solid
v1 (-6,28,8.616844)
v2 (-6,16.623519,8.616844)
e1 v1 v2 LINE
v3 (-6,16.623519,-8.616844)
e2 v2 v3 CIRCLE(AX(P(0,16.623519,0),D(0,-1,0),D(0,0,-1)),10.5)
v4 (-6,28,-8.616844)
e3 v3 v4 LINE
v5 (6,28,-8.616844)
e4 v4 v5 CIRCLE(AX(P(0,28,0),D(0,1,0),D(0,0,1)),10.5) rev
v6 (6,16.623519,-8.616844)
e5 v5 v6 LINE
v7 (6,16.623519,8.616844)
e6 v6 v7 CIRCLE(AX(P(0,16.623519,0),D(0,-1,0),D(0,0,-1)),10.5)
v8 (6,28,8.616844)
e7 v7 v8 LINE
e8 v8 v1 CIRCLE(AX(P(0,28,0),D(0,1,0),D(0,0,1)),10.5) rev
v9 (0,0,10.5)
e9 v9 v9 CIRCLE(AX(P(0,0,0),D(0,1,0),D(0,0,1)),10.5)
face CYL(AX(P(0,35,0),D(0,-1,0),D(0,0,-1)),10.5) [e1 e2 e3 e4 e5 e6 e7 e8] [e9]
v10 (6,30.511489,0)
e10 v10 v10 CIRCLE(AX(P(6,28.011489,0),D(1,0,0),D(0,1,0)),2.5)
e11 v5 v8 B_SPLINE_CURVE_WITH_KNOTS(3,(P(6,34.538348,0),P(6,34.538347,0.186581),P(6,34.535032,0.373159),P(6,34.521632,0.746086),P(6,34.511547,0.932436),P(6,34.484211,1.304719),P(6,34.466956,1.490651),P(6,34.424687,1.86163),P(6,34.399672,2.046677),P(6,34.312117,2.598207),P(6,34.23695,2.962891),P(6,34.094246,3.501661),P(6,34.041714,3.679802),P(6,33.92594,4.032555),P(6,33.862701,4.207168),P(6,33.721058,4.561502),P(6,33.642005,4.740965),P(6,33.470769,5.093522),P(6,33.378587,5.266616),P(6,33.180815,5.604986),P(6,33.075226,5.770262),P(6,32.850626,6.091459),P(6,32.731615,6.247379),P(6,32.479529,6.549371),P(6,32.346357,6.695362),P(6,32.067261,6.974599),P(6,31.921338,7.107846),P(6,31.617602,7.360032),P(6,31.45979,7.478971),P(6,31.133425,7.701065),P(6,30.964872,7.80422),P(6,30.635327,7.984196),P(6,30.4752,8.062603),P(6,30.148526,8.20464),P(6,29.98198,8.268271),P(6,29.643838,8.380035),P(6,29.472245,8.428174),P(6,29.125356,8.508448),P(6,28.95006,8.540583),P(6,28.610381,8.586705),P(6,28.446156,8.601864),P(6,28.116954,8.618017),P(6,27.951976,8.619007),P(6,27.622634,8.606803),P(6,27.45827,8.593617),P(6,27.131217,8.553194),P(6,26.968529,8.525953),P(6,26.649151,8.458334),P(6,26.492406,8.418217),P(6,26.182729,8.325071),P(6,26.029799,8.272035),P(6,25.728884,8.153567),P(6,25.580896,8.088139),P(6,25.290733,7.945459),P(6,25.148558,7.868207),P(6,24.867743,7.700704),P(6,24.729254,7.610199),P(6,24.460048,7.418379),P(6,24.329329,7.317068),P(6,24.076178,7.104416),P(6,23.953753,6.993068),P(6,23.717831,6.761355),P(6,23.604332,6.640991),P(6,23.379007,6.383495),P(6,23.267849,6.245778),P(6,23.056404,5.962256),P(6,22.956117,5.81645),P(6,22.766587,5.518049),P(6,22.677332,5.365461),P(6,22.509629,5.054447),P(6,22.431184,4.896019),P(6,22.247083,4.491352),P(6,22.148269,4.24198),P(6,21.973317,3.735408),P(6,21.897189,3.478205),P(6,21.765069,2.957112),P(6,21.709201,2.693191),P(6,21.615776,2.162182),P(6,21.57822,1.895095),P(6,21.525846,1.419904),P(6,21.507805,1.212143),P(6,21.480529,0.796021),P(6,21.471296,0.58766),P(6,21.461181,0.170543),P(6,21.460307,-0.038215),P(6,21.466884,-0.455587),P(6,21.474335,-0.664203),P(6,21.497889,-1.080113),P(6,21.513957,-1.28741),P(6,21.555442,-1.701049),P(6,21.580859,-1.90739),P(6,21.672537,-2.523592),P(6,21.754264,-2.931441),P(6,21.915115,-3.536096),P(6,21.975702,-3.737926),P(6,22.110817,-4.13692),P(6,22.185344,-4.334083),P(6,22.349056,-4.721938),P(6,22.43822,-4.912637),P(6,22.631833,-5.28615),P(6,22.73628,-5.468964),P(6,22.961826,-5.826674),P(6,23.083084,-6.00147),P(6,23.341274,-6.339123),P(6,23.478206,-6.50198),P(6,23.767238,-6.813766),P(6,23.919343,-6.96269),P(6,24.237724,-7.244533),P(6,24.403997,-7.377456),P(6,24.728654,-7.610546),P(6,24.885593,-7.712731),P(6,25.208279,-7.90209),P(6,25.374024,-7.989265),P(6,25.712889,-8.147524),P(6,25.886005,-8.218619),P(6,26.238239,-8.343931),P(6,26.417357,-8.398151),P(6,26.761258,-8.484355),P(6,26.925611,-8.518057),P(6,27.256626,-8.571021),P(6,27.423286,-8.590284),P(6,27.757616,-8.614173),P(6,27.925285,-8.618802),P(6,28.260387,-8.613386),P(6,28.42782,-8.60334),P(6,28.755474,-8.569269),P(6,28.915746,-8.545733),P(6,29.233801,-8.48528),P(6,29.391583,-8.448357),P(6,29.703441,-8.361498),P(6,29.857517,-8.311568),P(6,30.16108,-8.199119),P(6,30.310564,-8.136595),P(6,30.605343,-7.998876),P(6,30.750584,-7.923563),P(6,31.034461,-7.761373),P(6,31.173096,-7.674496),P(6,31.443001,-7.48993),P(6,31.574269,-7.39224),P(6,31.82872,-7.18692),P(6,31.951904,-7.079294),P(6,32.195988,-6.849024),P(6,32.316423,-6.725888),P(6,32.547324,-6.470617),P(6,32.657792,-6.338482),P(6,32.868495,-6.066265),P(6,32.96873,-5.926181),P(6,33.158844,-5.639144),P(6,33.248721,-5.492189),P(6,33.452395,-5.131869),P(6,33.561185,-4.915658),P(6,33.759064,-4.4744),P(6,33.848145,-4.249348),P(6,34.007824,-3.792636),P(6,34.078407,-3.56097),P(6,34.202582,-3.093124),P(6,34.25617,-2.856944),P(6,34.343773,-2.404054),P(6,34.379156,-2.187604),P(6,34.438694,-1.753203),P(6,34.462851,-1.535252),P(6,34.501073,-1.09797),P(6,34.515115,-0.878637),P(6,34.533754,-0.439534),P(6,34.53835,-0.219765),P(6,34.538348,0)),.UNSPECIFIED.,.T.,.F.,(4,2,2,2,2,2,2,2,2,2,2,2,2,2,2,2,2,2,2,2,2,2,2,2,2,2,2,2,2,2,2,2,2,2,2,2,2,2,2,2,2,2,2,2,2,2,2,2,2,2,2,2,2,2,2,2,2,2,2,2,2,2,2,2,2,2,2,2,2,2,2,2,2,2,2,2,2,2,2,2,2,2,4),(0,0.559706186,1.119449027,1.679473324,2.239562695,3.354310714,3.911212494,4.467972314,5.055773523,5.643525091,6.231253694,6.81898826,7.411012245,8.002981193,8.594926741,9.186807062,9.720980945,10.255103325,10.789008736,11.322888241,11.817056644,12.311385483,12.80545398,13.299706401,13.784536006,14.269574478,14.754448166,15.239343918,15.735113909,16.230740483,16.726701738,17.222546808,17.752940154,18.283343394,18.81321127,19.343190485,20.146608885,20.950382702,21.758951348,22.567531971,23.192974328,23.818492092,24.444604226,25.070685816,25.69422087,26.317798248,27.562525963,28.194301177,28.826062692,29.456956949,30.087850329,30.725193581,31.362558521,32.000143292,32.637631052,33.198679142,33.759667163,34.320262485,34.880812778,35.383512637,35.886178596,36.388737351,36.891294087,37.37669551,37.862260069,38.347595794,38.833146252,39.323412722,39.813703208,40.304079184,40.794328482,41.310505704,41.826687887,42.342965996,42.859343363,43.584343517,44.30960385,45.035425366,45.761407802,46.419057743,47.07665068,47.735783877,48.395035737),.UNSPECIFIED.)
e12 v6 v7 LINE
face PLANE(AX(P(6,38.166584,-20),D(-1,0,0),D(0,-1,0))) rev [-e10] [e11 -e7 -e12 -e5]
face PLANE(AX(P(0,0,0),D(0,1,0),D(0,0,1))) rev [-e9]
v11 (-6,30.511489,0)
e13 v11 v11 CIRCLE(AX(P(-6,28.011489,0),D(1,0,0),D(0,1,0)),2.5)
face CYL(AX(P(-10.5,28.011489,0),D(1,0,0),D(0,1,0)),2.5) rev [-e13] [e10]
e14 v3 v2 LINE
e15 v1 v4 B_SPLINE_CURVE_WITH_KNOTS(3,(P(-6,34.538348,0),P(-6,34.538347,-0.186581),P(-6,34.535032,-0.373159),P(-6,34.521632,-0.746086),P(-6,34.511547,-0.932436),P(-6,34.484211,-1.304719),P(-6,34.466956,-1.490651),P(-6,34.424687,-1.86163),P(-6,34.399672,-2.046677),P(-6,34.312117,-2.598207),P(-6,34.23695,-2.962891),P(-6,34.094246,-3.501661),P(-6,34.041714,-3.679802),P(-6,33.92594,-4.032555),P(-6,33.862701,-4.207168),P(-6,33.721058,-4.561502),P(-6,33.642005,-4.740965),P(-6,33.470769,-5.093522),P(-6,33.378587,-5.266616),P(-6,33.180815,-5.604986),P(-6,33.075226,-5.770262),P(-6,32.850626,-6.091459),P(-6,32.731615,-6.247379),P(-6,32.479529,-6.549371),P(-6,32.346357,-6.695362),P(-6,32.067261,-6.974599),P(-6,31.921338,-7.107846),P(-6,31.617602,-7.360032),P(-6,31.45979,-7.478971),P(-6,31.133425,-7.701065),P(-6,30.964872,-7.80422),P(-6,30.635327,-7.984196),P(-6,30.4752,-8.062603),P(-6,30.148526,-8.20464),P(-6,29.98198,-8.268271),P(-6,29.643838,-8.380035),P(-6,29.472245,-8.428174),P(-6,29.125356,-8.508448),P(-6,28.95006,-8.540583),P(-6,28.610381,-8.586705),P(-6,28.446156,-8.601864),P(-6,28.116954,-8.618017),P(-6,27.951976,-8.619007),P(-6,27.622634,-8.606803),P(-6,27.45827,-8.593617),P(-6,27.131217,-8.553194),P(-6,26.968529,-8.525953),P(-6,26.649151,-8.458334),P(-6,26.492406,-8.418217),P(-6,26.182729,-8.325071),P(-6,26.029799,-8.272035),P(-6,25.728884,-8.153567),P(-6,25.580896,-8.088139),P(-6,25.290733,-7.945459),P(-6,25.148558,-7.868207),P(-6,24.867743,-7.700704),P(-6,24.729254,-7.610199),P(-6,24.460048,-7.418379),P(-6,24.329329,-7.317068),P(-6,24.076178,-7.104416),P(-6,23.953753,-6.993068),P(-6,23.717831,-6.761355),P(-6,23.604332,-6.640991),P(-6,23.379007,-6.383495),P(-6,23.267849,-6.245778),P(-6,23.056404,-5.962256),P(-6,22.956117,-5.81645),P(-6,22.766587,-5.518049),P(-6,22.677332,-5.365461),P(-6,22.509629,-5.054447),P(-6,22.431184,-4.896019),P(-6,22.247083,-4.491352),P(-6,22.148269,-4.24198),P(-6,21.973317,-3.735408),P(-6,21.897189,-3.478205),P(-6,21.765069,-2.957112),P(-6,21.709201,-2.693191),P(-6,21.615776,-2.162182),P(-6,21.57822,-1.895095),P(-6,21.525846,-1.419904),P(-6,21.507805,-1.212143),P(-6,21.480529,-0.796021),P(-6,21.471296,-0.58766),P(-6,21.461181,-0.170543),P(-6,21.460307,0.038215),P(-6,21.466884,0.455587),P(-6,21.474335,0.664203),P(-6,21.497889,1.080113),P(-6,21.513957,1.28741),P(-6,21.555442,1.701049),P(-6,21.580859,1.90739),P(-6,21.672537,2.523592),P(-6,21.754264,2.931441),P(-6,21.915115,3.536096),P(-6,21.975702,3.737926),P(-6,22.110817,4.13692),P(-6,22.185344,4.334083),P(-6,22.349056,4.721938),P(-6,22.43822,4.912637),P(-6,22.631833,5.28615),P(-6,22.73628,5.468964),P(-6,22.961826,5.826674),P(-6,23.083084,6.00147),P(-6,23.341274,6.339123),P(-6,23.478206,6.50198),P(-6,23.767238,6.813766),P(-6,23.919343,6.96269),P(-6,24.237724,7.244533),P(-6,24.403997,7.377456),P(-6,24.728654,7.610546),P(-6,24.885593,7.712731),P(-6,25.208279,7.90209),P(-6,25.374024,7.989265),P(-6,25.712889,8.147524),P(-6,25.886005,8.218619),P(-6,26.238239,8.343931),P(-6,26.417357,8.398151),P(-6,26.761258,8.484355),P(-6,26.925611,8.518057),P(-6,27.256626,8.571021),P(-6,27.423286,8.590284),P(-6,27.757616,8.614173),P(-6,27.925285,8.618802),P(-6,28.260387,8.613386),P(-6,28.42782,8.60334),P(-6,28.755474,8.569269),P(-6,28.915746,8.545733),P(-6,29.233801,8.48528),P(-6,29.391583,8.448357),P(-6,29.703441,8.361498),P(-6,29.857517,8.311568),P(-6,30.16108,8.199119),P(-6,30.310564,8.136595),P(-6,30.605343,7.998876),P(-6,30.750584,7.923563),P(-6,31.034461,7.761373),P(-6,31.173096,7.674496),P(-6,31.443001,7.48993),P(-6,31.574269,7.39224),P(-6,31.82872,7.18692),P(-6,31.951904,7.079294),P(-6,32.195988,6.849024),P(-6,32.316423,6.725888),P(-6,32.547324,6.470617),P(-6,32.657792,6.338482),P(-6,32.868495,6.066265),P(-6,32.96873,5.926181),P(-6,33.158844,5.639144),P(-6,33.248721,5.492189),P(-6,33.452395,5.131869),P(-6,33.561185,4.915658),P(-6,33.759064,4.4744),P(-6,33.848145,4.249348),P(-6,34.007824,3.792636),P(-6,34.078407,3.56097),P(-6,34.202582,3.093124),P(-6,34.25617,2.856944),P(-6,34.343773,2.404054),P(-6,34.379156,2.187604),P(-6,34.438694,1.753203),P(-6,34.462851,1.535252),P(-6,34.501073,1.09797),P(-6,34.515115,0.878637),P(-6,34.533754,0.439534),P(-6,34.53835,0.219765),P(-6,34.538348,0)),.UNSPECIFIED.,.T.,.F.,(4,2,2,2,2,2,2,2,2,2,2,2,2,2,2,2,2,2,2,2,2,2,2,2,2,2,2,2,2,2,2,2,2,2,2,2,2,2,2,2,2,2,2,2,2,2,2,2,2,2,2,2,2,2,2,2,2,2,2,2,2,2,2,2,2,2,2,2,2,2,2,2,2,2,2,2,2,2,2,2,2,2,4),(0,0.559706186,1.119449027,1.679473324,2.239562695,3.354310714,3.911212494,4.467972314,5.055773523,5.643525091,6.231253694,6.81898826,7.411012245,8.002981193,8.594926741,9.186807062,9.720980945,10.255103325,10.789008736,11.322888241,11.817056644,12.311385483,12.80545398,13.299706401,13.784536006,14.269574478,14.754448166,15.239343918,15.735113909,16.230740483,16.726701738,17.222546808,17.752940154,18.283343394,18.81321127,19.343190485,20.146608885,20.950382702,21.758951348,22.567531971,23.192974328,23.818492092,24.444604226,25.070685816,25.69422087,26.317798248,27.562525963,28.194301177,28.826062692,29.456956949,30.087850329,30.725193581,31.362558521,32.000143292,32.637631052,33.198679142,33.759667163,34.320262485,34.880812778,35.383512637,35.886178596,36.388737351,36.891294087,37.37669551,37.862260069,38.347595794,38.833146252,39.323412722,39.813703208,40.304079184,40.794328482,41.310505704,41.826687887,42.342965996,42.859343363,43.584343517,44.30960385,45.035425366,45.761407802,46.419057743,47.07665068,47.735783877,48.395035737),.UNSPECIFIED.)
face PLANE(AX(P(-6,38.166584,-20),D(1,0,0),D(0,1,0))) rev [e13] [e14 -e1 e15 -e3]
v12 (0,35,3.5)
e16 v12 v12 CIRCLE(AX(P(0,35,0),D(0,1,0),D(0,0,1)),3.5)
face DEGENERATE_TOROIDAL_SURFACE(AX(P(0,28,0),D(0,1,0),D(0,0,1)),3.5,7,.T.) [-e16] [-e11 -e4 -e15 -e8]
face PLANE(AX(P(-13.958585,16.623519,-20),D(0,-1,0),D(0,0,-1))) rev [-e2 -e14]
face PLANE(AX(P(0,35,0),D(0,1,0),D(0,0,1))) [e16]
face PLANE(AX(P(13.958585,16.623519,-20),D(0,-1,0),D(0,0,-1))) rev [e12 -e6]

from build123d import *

# Parameters (mm, degrees)
SKETCH_1_R          = 10.5
EXTRUDE_1_DEPTH     = 35
FILLET_1_R          = 7
SKETCH_2_W          = 7.958584752
SKETCH_2_H          = 21.543065623
CUT_EXTRUDE_2_DEPTH = 20
SKETCH_3_R          = 2.5
CUT_EXTRUDE_3_DEPTH = 41.093640507


with BuildPart() as part:
    # Эскиз1 → Вытянуть1 (new body)
    with BuildSketch(Plane(origin=(0, 0, 0), x_dir=(1, 0, 0), z_dir=(0, 1, 0))):
        with Locations(Location((0, 0, 0), (0, 0, 270))):
            Circle(SKETCH_1_R)
    extrude(amount=EXTRUDE_1_DEPTH)

    # Скругление1
    fillet_1_edges = [part.edges().sort_by_distance(p)[0] for p in [
        (0, 35, -10.5),
    ]]
    fillet(fillet_1_edges, radius=FILLET_1_R)

    # Эскиз2 → Вытянуть2 (cut, symmetric)
    with BuildSketch(Plane.XY):
        with Locations((9.979292376, 27.395051325)):
            Rectangle(SKETCH_2_W, SKETCH_2_H)
        with Locations((-9.979292376, 27.395051325)):
            Rectangle(SKETCH_2_W, SKETCH_2_H)
    extrude(amount=CUT_EXTRUDE_2_DEPTH, both=True, mode=Mode.SUBTRACT)

    # Эскиз3 → Вытянуть3 (cut, through all)
    with BuildSketch(Plane(origin=(6, 0, 0), x_dir=(0, 0, -1), z_dir=(1, 0, 0))):
        with Locations(Location((0, 28.011489149, 0), (0, 0, 90))):
            Circle(SKETCH_3_R)
    extrude(amount=-CUT_EXTRUDE_3_DEPTH, mode=Mode.SUBTRACT)


solid = part.part
